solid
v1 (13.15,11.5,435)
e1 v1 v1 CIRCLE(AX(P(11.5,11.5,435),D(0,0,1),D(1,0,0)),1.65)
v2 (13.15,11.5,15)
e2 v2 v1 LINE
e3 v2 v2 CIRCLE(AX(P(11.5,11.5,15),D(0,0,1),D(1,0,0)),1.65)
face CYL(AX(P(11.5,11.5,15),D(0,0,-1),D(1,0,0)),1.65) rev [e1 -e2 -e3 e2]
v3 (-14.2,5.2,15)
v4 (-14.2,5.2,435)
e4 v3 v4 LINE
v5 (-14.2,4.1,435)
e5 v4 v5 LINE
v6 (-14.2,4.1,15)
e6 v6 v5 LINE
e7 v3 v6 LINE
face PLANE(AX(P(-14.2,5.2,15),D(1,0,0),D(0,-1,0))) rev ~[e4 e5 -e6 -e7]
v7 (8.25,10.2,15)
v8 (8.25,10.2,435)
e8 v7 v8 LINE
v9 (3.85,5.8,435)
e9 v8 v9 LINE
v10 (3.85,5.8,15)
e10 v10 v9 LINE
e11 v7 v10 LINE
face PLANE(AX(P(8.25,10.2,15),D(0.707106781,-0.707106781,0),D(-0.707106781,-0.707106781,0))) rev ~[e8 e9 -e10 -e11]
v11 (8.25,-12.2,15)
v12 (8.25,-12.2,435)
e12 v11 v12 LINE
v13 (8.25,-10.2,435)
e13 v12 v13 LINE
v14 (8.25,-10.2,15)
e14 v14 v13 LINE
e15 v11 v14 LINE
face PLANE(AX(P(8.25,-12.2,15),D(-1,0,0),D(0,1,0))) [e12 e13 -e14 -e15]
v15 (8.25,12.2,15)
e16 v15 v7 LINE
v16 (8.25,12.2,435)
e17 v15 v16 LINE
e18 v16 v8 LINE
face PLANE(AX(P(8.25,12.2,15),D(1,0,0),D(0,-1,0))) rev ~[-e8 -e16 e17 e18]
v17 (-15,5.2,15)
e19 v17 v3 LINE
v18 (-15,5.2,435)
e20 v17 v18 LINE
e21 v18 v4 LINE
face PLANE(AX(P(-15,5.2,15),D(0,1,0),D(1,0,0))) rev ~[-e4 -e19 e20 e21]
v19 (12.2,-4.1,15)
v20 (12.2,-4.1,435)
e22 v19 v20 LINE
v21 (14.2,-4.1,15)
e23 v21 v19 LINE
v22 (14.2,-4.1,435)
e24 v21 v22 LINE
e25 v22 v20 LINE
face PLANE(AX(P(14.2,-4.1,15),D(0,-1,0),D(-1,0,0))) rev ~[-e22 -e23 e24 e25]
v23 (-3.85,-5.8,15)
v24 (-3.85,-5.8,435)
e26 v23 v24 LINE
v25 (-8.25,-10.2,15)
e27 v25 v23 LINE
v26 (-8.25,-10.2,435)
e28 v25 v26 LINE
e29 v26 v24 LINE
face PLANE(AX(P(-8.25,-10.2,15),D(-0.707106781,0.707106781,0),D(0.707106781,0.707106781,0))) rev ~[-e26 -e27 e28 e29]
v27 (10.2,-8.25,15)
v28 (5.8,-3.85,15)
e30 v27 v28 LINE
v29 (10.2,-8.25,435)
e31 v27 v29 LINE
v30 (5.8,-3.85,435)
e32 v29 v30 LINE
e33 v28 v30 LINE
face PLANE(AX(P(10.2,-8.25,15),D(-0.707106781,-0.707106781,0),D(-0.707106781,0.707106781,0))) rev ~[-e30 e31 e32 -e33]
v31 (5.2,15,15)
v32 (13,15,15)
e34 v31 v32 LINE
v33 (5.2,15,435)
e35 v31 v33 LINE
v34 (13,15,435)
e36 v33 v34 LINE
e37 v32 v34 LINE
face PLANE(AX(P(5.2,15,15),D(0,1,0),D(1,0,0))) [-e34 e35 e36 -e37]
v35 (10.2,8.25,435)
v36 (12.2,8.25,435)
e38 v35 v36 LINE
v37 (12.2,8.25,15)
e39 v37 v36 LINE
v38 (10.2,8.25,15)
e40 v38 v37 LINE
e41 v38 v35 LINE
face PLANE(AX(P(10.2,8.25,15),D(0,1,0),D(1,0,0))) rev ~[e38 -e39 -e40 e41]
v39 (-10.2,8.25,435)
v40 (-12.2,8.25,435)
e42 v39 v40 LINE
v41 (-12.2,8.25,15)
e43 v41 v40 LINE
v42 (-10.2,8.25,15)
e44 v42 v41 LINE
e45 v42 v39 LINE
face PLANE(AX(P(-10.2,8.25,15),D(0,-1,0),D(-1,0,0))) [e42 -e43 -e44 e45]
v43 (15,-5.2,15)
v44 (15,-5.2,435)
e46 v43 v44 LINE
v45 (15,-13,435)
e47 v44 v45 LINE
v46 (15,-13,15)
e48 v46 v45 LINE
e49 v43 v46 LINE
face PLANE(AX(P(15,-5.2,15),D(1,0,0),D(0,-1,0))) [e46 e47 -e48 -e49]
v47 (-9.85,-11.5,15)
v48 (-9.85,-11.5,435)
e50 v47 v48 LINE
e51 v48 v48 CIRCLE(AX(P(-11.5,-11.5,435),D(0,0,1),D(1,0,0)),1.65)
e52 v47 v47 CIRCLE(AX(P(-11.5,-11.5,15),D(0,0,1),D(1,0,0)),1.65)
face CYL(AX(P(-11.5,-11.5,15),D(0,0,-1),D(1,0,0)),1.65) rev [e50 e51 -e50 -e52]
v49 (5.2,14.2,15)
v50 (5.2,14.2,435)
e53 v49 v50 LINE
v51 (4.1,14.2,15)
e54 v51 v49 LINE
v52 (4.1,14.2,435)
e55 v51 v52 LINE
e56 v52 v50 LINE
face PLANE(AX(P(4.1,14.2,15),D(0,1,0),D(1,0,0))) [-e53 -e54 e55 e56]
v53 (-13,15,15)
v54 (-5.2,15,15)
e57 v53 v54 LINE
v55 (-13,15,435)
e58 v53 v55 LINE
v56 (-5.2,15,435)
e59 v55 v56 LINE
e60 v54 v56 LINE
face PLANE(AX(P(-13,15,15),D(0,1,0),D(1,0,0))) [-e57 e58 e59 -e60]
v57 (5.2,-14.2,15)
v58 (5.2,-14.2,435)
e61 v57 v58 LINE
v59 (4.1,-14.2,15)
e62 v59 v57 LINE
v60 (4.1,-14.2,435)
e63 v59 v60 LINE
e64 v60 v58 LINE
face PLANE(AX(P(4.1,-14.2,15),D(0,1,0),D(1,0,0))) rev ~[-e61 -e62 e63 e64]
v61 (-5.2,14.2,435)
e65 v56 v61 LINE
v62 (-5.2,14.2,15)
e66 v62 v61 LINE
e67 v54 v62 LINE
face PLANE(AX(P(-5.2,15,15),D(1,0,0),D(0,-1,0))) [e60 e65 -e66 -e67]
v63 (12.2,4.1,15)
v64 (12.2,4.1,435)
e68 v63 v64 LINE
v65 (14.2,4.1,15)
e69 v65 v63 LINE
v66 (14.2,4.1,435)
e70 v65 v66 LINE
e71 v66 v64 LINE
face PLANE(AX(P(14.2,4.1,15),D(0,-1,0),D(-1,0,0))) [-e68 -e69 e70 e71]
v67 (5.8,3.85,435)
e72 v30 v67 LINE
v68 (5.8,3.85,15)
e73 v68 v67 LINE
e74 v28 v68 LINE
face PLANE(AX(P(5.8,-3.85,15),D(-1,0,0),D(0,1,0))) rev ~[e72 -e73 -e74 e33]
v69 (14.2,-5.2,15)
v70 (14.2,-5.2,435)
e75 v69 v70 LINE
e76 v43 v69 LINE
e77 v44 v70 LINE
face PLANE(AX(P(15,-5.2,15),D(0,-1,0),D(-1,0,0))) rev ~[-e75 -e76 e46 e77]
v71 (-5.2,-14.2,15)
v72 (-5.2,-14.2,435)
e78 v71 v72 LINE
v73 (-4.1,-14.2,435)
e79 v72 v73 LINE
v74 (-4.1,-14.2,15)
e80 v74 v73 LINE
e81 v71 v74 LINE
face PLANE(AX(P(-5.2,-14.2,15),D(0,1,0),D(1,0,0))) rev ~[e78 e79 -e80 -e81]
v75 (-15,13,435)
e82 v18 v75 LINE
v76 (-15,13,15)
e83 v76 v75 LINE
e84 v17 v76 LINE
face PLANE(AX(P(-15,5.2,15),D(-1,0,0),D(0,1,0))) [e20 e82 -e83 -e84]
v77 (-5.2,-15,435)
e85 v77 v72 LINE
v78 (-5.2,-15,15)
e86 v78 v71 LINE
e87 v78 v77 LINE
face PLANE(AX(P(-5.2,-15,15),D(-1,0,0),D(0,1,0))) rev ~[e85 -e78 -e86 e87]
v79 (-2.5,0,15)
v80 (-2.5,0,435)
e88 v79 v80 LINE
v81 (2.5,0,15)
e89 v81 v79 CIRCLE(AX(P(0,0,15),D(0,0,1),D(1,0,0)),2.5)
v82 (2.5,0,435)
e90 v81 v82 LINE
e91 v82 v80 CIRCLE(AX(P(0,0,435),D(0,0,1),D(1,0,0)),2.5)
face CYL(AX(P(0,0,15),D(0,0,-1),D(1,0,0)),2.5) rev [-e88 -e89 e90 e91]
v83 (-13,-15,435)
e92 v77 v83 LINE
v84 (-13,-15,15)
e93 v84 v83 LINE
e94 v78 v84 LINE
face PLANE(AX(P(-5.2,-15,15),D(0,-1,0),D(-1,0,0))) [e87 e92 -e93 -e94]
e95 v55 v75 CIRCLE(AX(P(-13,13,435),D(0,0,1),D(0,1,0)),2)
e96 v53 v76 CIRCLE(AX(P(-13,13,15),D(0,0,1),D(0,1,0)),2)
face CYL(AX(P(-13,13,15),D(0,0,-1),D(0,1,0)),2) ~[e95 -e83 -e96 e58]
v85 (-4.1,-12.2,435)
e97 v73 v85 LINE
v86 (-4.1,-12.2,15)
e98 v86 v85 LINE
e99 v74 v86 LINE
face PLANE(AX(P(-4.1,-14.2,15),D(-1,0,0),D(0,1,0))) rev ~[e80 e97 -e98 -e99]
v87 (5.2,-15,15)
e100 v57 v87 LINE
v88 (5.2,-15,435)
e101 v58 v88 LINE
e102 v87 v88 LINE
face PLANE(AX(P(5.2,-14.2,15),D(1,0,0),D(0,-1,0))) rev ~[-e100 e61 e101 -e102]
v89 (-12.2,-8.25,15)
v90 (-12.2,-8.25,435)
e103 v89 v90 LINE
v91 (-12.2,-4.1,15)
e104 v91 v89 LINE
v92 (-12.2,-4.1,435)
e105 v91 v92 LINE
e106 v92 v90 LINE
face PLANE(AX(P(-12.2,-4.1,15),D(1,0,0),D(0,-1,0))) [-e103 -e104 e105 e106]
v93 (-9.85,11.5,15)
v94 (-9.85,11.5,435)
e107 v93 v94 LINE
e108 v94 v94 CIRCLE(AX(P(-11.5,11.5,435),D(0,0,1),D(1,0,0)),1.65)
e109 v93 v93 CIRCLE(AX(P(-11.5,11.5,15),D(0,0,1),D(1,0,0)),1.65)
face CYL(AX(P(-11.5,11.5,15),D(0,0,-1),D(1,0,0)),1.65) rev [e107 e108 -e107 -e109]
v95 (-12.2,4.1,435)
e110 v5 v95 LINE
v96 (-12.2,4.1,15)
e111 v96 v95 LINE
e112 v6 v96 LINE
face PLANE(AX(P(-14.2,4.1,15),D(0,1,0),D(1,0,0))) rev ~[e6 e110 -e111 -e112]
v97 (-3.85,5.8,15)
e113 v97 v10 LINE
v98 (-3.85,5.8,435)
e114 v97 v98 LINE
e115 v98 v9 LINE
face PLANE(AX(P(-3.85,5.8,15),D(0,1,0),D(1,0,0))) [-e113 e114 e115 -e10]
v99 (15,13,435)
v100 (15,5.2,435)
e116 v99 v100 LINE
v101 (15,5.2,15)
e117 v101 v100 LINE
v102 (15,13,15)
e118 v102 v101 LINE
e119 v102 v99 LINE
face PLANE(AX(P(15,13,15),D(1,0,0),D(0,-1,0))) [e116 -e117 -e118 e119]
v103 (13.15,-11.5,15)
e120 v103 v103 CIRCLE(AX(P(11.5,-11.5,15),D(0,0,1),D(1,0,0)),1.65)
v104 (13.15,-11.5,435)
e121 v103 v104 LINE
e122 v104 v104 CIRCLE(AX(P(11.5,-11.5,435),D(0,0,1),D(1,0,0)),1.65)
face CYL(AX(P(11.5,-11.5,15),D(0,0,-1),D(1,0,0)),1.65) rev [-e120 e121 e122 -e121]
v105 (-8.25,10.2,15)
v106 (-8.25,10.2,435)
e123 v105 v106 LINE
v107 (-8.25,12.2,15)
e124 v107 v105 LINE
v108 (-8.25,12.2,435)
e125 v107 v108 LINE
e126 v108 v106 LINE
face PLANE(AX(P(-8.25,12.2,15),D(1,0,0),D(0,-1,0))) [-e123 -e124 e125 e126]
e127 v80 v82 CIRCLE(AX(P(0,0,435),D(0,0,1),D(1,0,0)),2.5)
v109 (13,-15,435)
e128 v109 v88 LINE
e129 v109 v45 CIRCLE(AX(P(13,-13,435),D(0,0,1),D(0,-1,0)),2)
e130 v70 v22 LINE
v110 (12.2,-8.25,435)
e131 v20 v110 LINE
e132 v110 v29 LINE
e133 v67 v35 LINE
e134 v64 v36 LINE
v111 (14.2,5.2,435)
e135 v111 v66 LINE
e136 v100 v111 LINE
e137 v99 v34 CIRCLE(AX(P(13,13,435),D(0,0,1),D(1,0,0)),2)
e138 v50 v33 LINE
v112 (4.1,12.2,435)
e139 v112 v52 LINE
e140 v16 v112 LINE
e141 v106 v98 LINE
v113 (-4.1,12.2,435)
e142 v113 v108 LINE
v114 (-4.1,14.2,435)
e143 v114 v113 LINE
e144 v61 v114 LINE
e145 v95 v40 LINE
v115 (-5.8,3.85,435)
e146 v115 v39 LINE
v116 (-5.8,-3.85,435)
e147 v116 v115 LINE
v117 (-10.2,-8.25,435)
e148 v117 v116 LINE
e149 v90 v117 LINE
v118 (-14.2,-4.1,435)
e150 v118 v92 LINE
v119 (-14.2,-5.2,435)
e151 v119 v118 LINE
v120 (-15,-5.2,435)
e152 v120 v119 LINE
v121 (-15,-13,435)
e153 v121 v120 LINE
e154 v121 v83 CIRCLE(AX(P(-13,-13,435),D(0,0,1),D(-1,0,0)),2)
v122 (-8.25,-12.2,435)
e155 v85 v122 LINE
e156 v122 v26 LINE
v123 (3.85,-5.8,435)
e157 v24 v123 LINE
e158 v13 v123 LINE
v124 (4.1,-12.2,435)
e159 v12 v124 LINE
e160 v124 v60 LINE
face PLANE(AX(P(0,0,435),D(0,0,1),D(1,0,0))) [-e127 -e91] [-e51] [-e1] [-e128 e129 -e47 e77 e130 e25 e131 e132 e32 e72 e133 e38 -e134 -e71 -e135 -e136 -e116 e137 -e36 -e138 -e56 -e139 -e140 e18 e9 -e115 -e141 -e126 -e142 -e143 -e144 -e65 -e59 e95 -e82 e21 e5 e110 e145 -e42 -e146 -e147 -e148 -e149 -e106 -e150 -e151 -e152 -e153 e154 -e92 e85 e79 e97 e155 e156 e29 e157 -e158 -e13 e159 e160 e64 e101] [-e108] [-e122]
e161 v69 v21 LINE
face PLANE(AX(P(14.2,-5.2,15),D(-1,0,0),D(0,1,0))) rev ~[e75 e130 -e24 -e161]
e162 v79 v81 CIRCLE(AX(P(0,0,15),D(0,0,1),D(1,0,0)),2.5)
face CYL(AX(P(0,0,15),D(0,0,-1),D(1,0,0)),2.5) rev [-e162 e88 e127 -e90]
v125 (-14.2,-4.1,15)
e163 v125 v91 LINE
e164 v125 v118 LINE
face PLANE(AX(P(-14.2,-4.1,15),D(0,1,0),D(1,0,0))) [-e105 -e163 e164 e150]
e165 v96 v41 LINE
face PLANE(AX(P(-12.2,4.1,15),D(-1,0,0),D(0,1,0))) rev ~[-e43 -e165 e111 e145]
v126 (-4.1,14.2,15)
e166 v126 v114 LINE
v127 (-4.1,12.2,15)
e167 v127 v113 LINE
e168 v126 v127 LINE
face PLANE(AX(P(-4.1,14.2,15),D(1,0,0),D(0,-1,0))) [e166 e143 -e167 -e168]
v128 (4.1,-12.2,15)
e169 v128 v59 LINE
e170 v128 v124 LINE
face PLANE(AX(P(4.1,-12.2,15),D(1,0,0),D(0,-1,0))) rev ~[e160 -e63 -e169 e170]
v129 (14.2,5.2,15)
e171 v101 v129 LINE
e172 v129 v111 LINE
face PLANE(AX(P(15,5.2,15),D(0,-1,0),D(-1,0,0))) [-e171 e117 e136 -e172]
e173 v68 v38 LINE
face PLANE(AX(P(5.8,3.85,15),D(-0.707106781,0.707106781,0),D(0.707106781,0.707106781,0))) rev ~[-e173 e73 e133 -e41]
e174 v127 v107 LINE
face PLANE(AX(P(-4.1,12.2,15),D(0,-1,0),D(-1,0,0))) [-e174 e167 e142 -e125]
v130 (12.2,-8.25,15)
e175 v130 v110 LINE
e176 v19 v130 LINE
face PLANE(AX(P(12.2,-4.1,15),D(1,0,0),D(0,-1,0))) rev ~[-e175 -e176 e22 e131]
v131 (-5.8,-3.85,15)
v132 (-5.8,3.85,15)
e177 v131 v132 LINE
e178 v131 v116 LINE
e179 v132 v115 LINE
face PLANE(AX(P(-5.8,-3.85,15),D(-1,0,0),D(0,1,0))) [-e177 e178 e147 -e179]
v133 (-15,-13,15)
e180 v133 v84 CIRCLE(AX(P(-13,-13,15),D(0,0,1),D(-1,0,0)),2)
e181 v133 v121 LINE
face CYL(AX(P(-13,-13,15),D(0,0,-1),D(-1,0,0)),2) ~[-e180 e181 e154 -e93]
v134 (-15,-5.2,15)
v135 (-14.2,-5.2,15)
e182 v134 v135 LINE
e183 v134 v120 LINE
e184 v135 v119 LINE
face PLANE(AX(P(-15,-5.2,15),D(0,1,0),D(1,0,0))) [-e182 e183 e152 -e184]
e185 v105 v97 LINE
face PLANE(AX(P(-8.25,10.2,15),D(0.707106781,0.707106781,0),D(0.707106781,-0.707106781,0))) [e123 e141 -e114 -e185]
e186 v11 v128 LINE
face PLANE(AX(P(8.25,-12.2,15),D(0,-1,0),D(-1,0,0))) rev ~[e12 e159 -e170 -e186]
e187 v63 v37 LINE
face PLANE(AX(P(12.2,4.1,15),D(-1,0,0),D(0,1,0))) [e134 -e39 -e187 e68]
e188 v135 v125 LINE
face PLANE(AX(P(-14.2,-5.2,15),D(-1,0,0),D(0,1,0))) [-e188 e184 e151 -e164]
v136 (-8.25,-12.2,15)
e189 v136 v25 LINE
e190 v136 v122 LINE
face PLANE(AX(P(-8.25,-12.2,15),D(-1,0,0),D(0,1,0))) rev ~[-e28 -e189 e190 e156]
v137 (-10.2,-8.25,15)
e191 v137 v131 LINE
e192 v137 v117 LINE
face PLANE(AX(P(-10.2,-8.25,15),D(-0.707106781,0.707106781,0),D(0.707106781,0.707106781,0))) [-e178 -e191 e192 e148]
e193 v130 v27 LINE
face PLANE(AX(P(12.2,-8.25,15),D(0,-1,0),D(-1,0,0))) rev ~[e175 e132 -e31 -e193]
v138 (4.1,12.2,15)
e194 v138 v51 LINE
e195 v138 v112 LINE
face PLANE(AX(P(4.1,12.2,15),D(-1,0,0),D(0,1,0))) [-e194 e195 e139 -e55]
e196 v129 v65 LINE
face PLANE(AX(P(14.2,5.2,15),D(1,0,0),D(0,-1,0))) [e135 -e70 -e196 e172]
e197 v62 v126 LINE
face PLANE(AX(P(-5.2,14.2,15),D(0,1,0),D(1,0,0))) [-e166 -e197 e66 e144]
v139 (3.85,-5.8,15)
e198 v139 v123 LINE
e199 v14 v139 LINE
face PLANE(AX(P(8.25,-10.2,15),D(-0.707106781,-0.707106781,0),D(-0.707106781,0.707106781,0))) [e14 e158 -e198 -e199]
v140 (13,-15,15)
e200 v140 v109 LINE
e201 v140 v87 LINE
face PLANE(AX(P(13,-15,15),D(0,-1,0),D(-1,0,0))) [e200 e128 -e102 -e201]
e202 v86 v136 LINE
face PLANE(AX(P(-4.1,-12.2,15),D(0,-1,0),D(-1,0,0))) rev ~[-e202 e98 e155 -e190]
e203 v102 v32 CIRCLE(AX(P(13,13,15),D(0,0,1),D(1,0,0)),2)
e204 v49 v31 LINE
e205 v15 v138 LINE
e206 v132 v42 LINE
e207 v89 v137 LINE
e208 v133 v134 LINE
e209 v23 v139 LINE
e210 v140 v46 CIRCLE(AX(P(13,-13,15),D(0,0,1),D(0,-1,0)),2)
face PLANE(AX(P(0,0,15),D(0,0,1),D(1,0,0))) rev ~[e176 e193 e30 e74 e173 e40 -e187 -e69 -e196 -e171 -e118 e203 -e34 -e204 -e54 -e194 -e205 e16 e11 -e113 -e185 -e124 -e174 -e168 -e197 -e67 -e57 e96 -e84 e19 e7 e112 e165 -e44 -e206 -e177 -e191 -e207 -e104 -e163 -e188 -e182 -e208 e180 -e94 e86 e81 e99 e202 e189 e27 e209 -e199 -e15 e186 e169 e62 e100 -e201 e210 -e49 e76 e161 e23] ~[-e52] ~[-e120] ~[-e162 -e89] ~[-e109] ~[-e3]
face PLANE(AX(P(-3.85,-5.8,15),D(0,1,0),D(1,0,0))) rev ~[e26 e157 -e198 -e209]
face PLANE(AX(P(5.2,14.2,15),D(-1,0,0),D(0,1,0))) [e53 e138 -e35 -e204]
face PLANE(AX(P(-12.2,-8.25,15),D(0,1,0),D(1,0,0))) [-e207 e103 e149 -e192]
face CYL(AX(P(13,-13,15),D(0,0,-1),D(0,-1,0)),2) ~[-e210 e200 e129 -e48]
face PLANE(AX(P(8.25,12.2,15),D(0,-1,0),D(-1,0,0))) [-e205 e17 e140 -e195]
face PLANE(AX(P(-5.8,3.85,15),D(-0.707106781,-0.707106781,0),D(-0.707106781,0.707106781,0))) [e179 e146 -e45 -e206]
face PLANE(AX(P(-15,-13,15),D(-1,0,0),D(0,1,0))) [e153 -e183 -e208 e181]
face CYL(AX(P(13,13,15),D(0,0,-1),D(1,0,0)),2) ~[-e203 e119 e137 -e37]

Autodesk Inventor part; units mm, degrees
sketch "Sketch" plane through (0, 0, 0) normal (0, 0, 1) x (1, 0, 0)
  line L0 (-13, 15) -> (13, 15)
  line L1 (15, 13) -> (15, -13)
  line L2 (-15, 15) -> (15, -15) construction
  line L3 (15, 15) -> (-15, -15) construction
  line L4 (-5.2, 15) -> (-5.2, 14.2)
  line L5 (-5.2, 14.2) -> (-4.1, 14.2)
  line L6 (-4.1, 14.2) -> (-4.1, 12.2)
  line L7 (-4.1, 12.2) -> (-8.25, 12.2)
  line L8 (-8.25, 12.2) -> (-8.25, 10.2)
  line L9 (-8.25, 10.2) -> (-3.85, 5.8)
  line L10 (-3.85, 5.8) -> (3.85, 5.8)
  line L11 (8.25, 12.2) -> (4.1, 12.2)
  line L12 (4.1, 12.2) -> (4.1, 14.2)
  line L13 (4.1, 14.2) -> (5.2, 14.2)
  line L14 (5.2, 14.2) -> (5.2, 15)
  line L15 (8.25, 12.2) -> (8.25, 10.2)
  line L16 (8.25, 10.2) -> (3.85, 5.8)
  line L17 (-2.5, 0) -> (0, 0)
  line L18 (-5.2, -15) -> (-5.2, -14.2)
  line L19 (-5.2, -14.2) -> (-4.1, -14.2)
  line L20 (-4.1, -14.2) -> (-4.1, -12.2)
  line L21 (-4.1, -12.2) -> (-8.25, -12.2)
  line L22 (-8.25, -12.2) -> (-8.25, -10.2)
  line L23 (-8.25, -10.2) -> (-3.85, -5.8)
  line L24 (-3.85, -5.8) -> (3.85, -5.8)
  line L25 (8.25, -12.2) -> (4.1, -12.2)
  line L26 (4.1, -12.2) -> (4.1, -14.2)
  line L27 (4.1, -14.2) -> (5.2, -14.2)
  line L28 (5.2, -14.2) -> (5.2, -15)
  line L29 (8.25, -12.2) -> (8.25, -10.2)
  line L30 (8.25, -10.2) -> (3.85, -5.8)
  line L31 (15, 5.2) -> (14.2, 5.2)
  line L32 (14.2, 5.2) -> (14.2, 4.1)
  line L33 (14.2, 4.1) -> (12.2, 4.1)
  line L34 (12.2, 4.1) -> (12.2, 8.25)
  line L35 (15, -5.2) -> (14.2, -5.2)
  line L36 (14.2, -5.2) -> (14.2, -4.1)
  line L37 (14.2, -4.1) -> (12.2, -4.1)
  line L38 (12.2, -4.1) -> (12.2, -8.25)
  line L39 (12.2, -8.25) -> (10.2, -8.25)
  line L40 (10.2, -8.25) -> (5.8, -3.85)
  line L41 (5.8, -3.85) -> (5.8, 3.85)
  line L42 (5.8, 3.85) -> (10.2, 8.25)
  line L43 (10.2, 8.25) -> (12.2, 8.25)
  line L44 (-15, 5.2) -> (-14.2, 5.2)
  line L45 (-14.2, 5.2) -> (-14.2, 4.1)
  line L46 (-14.2, 4.1) -> (-12.2, 4.1)
  line L47 (-12.2, 4.1) -> (-12.2, 8.25)
  line L48 (-15, -5.2) -> (-14.2, -5.2)
  line L49 (-14.2, -5.2) -> (-14.2, -4.1)
  line L50 (-14.2, -4.1) -> (-12.2, -4.1)
  line L51 (-12.2, -4.1) -> (-12.2, -8.25)
  line L52 (-12.2, -8.25) -> (-10.2, -8.25)
  line L53 (-10.2, -8.25) -> (-5.8, -3.85)
  line L54 (-5.8, -3.85) -> (-5.8, 3.85)
  line L55 (-5.8, 3.85) -> (-10.2, 8.25)
  line L56 (-10.2, 8.25) -> (-12.2, 8.25)
  circle A0 centre (11.5, 11.5) radius 1.65
  circle A1 centre (11.5, -11.5) radius 1.65
  circle A2 centre (-11.5, 11.5) radius 1.65
  circle A3 centre (-11.5, -11.5) radius 1.65
  line L57 (-15, -13) -> (-15, -5.2)
  line L58 (-15, 5.2) -> (-15, 13)
  line L59 (13, -15) -> (5.2, -15)
  line L60 (-5.2, -15) -> (-13, -15)
  arc A4 (-13, 15) -> (-15, 13) centre (-13, 13) ccw
  arc A5 (15, 13) -> (13, 15) centre (13, 13) ccw
  arc A6 (13, -15) -> (15, -13) centre (13, -13) ccw
  arc A7 (-15, -13) -> (-13, -15) centre (-13, -13) ccw
  circle A8 centre (0, 0) radius 2.5
  point P0 (0, 0)
  point P1 (0, 5.8)
  point P2 (0, -2.5)
  point P3 (0, 2.5)
  dimension "d2" = 8.2
  dimension "d3" = 4.1
  dimension "d4" = 10.4
  dimension "d5" = 5.2
  dimension "d8" = 9.2
  dimension "d11" = 16.5
  dimension "d12" = 8.25
  dimension "d14" = 0.8
  dimension "d15" = 2
  dimension "d16" = 2
  dimension "d34" = 0.8
  dimension "d35" = 10.4
  dimension "d36" = 5.2
  dimension "d37" = 8.2
  dimension "d38" = 4.1
  dimension "d39" = 2
  dimension "d40" = 16.5
  dimension "d41" = 8.25
  dimension "d42" = 2
  dimension "d43" = 9.2
  dimension "d44" = 23
  dimension "d45" = 11.5
  dimension "d46" = 23
  dimension "d48" = 3.3
  dimension "d55" = 2
  dimension "d62" = 5
  dimension "d65" = 11.5
  dimension "d66" = 6.4
  dimension "d67" = 3.25
  dimension "d68" = 4.15
  dimension "d69" = 0.8
  dimension "d70" = 2
  dimension "d71" = 2.7577
  dimension "d72" = 5.8
  dimension "d73" = 2.7577
  dimension "d74" = 4.15
  dimension "d75" = 2
  dimension "d76" = 3.25
  dimension "d77" = 2
  dimension "d78" = 1.1
  dimension "d79" = 0.8
  dimension "d80" = 135
  dimension "d81" = 2
  dimension "d82" = 1.1
  dimension "d83" = 7.4
  dimension "d84" = 7.4
  dimension "d85" = 6.4
  dimension "d86" = 6.3
ref_plane "Work Plane3" through (0, 0, 250) normal (0, 0, 1) x (1, 0, 0)
ref_plane "Start Plane" through (0, 0, 0) normal (0, 0, 1) x (1, 0, 0)
ref_plane "End Plane" through (0, 0, 450) normal (0, 0, 1) x (1, 0, 0)
ref_plane "Start Plane1" through (0, 0, 0) normal (0, 0, 1) x (1, 0, 0)
ref_plane "End Plane1" through (0, 0, 450) normal (0, 0, 1) x (1, 0, 0)
ref_plane "Start Plane2" through (0, 0, 15) normal (0, 0, 1) x (1, 0, 0)
ref_plane "End Plane2" through (0, 0, 435) normal (0, 0, 1) x (1, 0, 0)
extrude "Body" add sketch "Sketch" along normal up to surface (420 mm away) from surface at 15 contours L0 L4 L5 L6 L7 L8 L9 L10 L16 L15 L11 L12 L13 L14 A5 L1 L31 L32 L33 L34 L43 L42 L41 L40 L39 L38 L37 L36 L35 A6 L59 L28 L27 L26 L25 L29 L30 L24 L23 L22 L21 L20 L19 L18 L60 A7 L57 L48 L49 L50 L51 L52 L53 L54 L55 L56 L47 L46 L45 L44 L58 A4
sketch "Sketch7" plane through (0, 0, 0) normal (0, 0, 1) x (1, 0, 0)
  line L0 (0, 0) -> (10, 0)
ref_plane "Work Plane10" through (0, 0, 0) normal (0, -1, 0) x (1, 0, 0)
sketch "Sketch8" plane through (0, 0, 0) normal (0, -1, 0) x (1, 0, 0)
  line L0 (-2, 15) -> (12, 15)
  line L1 (-2, 435) -> (12, 435)
  dimension "d100" = 420
equation "\"d3\" = 0.5 * d2"
equation "\"d5\" = 0.5 * d4"
equation "\"d12\" = 0.5 * d11"
equation "\"d36\" = 0.5 * d35"
equation "\"d38\" = 0.5 * d37"
equation "\"d41\" = 0.5 * d40"
equation "\"d45\" = 0.5 * d44"
equation "\"G_OFFSET_START\" = 0"
equation "\"G_OFFSET_END\" = 0"
equation "\"G_L\" = 500"
equation "\"G_OFFSET_START1\" = 0"
equation "\"G_OFFSET_END1\" = 0"
equation "\"G_OFFSET_START2\" = -15"
equation "\"G_OFFSET_END2\" = -15"
equation "\"d95\" = -G_OFFSET_START2"
equation "\"d96\" = Length + G_OFFSET_END2"
equation "\"Length\" = 450"
properties part number "420 mm" material "Aluminum 6061"
